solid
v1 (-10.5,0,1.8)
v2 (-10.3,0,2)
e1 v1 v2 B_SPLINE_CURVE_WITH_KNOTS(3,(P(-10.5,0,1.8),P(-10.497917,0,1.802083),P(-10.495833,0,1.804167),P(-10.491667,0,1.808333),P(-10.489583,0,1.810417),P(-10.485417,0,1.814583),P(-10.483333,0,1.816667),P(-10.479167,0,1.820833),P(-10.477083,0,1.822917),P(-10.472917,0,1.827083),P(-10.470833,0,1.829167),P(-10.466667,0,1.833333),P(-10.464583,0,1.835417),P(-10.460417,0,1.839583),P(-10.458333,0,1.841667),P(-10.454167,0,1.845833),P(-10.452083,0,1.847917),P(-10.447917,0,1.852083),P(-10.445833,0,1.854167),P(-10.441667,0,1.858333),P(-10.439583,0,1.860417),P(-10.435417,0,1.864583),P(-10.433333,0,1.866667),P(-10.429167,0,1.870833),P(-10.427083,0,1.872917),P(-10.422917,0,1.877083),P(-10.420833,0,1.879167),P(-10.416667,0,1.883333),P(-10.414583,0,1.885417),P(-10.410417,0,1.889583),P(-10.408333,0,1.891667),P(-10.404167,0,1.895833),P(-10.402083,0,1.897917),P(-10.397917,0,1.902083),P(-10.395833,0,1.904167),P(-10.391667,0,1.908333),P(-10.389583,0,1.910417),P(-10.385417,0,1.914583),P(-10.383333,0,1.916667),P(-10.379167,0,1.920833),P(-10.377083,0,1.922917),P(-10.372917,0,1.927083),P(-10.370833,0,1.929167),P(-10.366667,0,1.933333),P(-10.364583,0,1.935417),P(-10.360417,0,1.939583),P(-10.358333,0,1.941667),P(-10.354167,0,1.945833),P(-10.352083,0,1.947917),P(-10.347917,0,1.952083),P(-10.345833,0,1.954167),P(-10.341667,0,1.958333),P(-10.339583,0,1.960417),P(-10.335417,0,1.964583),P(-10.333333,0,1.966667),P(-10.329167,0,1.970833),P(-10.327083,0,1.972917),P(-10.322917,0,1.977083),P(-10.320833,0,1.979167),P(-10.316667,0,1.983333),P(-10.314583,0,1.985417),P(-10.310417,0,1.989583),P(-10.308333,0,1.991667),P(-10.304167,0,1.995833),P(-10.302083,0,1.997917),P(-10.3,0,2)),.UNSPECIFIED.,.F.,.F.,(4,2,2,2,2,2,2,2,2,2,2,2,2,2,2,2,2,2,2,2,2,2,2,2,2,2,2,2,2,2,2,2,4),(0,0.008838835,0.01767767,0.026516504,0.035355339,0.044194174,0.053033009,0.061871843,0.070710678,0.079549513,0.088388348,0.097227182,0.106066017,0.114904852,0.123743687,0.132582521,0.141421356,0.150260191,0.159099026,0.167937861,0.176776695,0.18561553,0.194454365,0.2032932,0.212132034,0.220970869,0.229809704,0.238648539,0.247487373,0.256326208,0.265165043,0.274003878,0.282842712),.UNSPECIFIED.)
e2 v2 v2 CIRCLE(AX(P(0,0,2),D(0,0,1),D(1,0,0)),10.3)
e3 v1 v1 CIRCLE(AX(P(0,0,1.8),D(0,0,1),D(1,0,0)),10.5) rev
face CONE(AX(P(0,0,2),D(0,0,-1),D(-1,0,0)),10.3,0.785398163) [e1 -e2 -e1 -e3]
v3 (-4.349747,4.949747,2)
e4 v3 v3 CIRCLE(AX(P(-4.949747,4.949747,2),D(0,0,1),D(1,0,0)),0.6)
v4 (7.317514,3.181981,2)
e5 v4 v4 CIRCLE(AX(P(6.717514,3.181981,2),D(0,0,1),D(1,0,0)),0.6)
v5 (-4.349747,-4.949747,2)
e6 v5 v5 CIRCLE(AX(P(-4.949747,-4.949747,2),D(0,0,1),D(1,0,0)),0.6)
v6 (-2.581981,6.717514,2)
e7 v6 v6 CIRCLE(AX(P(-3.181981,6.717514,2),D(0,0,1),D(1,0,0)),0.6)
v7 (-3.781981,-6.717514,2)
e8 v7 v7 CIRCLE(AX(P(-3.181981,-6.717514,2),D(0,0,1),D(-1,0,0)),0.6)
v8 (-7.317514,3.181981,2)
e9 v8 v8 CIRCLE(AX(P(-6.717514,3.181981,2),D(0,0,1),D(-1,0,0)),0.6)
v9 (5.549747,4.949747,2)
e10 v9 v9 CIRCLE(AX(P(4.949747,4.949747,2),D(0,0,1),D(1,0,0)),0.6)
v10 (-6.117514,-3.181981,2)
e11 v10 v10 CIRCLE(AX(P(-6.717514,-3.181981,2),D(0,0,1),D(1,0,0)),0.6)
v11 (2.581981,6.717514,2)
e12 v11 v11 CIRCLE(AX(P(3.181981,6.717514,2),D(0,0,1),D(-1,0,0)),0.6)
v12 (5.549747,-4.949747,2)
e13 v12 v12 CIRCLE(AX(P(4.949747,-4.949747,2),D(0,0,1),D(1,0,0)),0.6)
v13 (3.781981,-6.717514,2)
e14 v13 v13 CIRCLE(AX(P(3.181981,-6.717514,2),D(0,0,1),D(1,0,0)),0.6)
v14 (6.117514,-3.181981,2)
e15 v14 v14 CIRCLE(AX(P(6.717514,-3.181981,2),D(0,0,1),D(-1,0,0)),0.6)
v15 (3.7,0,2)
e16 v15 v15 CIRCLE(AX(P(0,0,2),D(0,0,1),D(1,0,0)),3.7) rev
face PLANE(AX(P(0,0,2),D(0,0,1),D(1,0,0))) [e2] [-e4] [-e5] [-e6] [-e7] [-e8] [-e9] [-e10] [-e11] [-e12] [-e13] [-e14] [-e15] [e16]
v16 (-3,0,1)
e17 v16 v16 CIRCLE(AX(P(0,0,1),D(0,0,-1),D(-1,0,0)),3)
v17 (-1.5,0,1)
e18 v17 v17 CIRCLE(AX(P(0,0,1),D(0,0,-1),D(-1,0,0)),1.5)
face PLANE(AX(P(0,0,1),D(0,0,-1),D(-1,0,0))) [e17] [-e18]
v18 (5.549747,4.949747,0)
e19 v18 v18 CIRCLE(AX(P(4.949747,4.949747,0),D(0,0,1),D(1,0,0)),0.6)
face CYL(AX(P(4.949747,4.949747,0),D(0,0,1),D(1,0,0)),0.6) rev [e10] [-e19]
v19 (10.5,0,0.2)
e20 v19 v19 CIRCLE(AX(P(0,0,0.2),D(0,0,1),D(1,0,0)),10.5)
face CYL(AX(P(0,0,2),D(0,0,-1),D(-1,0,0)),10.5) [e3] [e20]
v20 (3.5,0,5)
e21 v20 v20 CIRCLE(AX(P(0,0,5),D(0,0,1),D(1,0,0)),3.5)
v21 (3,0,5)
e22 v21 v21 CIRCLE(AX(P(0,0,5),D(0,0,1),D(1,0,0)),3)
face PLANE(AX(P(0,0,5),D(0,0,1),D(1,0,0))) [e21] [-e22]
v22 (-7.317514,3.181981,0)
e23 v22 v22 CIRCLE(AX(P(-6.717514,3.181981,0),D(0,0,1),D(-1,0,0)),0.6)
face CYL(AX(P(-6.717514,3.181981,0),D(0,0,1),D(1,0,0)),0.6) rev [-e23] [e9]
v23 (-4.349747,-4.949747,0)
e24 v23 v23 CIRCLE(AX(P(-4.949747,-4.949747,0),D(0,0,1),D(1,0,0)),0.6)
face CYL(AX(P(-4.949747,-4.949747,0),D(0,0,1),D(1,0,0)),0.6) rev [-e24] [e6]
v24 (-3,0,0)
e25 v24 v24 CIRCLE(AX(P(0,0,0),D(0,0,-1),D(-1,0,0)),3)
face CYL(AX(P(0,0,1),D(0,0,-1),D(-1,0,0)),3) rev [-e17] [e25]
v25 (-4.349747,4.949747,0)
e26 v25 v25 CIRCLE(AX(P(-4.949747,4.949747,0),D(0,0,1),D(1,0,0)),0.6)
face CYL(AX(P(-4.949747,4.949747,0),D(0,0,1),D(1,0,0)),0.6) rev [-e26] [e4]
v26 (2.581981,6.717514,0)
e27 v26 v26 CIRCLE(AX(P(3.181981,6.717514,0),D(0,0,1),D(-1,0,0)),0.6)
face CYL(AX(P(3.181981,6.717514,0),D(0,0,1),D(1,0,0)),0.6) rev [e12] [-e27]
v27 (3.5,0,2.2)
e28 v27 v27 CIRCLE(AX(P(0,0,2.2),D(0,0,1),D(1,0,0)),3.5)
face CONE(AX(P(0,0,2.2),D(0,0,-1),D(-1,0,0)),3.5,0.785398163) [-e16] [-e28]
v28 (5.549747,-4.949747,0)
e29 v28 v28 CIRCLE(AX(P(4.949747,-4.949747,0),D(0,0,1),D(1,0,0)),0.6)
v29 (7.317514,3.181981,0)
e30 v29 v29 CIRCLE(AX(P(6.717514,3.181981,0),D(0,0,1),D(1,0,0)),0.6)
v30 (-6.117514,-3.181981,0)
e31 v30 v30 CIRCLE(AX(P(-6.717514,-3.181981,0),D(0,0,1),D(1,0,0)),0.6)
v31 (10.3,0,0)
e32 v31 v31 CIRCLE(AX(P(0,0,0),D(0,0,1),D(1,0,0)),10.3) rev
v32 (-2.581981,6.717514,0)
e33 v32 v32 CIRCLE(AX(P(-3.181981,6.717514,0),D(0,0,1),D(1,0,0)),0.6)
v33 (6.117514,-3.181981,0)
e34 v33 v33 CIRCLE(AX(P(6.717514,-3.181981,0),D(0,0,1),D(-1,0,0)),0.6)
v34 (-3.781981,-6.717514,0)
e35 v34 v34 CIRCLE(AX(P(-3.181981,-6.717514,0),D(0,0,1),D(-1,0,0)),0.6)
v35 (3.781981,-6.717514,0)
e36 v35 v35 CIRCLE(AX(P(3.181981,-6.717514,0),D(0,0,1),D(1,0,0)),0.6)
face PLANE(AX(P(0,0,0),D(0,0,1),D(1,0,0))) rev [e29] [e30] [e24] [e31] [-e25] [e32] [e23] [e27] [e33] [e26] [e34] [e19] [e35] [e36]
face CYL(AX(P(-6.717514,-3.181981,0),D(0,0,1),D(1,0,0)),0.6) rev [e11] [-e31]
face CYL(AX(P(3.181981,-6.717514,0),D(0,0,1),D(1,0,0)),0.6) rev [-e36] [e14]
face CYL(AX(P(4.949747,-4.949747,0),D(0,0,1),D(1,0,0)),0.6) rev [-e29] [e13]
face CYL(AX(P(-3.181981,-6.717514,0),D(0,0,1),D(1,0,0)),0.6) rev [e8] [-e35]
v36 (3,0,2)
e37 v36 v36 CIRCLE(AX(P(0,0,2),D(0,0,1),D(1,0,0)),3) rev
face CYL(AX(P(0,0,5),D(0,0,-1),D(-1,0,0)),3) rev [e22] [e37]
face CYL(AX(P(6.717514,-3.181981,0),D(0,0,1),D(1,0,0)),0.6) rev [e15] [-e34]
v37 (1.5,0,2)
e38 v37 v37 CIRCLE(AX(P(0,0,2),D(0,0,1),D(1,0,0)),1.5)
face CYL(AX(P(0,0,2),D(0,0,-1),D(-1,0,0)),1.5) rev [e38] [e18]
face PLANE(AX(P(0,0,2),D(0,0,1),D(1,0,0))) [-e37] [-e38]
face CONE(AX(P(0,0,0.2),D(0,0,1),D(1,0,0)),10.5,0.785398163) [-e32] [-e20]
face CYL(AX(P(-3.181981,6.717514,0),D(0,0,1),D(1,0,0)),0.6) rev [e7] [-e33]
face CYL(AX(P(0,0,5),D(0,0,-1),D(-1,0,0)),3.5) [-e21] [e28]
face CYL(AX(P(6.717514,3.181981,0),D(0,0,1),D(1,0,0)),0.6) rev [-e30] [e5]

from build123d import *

# Parameters (mm, degrees)
SKETCH_1_R          = 10.5
SKETCH_1_R_2        = 1.5
EXTRUDE_1_DEPTH     = 2
SKETCH_2_R          = 3.5
SKETCH_2_R_2        = 3
EXTRUDE_2_DEPTH     = 3
SKETCH_3_R          = 3
CUT_EXTRUDE_1_DEPTH = 1
SKETCH_4_R          = 0.6
CUT_EXTRUDE_2_DEPTH = 2
CHAMFER_1_SIZE      = 0.2


with BuildPart() as part:
    # 草图1 → 凸台-拉伸1 (new body)
    with BuildSketch(Plane.XY):
        Circle(SKETCH_1_R)
        Circle(SKETCH_1_R_2, mode=Mode.SUBTRACT)
    extrude(amount=EXTRUDE_1_DEPTH)

    # 草图2 → 凸台-拉伸2 (add)
    with BuildSketch(Plane.XY.offset(2)):
        Circle(SKETCH_2_R)
        Circle(SKETCH_2_R_2, mode=Mode.SUBTRACT)
    extrude(amount=EXTRUDE_2_DEPTH)

    # 草图3 → 切除-拉伸1 (cut)
    with BuildSketch(Plane(origin=(0, 0, 0), x_dir=(-1, 0, 0), z_dir=(0, 0, -1))):
        with Locations(Location((0, 0, 0), (0, 0, 180))):
            Circle(SKETCH_3_R)
    extrude(amount=-CUT_EXTRUDE_1_DEPTH, mode=Mode.SUBTRACT)

    # 草图4 → 切除-拉伸2 (cut)
    with BuildSketch(Plane.XY.offset(2)):
        with Locations((-4.949747468, 4.949747468)):
            Circle(SKETCH_4_R)
        with Locations((4.949747468, 4.949747468)):
            Circle(SKETCH_4_R)
        with Locations((-4.949747468, -4.949747468)):
            Circle(SKETCH_4_R)
        with Locations((4.949747468, -4.949747468)):
            Circle(SKETCH_4_R)
        with Locations((-3.181980515, 6.717514421)):
            Circle(SKETCH_4_R)
        with Locations(Location((-6.717514421, 3.181980515, 0), (0, 0, 180))):
            Circle(SKETCH_4_R)
        with Locations((6.717514421, 3.181980515)):
            Circle(SKETCH_4_R)
        with Locations(Location((3.181980515, 6.717514421, 0), (0, 0, 180))):
            Circle(SKETCH_4_R)
        with Locations((3.181980515, -6.717514421)):
            Circle(SKETCH_4_R)
        with Locations(Location((6.717514421, -3.181980515, 0), (0, 0, 180))):
            Circle(SKETCH_4_R)
        with Locations((-6.717514421, -3.181980515)):
            Circle(SKETCH_4_R)
        with Locations(Location((-3.181980515, -6.717514421, 0), (0, 0, 180))):
            Circle(SKETCH_4_R)
    extrude(amount=-CUT_EXTRUDE_2_DEPTH, mode=Mode.SUBTRACT)

    # 倒角1
    chamfer_1_edges = [part.edges().sort_by_distance(p)[0] for p in [
        (-3.5, 0, 2),
        (-10.5, 0, 0),
        (-10.5, 0, 2),
    ]]
    chamfer(chamfer_1_edges, length=CHAMFER_1_SIZE)


solid = part.part
